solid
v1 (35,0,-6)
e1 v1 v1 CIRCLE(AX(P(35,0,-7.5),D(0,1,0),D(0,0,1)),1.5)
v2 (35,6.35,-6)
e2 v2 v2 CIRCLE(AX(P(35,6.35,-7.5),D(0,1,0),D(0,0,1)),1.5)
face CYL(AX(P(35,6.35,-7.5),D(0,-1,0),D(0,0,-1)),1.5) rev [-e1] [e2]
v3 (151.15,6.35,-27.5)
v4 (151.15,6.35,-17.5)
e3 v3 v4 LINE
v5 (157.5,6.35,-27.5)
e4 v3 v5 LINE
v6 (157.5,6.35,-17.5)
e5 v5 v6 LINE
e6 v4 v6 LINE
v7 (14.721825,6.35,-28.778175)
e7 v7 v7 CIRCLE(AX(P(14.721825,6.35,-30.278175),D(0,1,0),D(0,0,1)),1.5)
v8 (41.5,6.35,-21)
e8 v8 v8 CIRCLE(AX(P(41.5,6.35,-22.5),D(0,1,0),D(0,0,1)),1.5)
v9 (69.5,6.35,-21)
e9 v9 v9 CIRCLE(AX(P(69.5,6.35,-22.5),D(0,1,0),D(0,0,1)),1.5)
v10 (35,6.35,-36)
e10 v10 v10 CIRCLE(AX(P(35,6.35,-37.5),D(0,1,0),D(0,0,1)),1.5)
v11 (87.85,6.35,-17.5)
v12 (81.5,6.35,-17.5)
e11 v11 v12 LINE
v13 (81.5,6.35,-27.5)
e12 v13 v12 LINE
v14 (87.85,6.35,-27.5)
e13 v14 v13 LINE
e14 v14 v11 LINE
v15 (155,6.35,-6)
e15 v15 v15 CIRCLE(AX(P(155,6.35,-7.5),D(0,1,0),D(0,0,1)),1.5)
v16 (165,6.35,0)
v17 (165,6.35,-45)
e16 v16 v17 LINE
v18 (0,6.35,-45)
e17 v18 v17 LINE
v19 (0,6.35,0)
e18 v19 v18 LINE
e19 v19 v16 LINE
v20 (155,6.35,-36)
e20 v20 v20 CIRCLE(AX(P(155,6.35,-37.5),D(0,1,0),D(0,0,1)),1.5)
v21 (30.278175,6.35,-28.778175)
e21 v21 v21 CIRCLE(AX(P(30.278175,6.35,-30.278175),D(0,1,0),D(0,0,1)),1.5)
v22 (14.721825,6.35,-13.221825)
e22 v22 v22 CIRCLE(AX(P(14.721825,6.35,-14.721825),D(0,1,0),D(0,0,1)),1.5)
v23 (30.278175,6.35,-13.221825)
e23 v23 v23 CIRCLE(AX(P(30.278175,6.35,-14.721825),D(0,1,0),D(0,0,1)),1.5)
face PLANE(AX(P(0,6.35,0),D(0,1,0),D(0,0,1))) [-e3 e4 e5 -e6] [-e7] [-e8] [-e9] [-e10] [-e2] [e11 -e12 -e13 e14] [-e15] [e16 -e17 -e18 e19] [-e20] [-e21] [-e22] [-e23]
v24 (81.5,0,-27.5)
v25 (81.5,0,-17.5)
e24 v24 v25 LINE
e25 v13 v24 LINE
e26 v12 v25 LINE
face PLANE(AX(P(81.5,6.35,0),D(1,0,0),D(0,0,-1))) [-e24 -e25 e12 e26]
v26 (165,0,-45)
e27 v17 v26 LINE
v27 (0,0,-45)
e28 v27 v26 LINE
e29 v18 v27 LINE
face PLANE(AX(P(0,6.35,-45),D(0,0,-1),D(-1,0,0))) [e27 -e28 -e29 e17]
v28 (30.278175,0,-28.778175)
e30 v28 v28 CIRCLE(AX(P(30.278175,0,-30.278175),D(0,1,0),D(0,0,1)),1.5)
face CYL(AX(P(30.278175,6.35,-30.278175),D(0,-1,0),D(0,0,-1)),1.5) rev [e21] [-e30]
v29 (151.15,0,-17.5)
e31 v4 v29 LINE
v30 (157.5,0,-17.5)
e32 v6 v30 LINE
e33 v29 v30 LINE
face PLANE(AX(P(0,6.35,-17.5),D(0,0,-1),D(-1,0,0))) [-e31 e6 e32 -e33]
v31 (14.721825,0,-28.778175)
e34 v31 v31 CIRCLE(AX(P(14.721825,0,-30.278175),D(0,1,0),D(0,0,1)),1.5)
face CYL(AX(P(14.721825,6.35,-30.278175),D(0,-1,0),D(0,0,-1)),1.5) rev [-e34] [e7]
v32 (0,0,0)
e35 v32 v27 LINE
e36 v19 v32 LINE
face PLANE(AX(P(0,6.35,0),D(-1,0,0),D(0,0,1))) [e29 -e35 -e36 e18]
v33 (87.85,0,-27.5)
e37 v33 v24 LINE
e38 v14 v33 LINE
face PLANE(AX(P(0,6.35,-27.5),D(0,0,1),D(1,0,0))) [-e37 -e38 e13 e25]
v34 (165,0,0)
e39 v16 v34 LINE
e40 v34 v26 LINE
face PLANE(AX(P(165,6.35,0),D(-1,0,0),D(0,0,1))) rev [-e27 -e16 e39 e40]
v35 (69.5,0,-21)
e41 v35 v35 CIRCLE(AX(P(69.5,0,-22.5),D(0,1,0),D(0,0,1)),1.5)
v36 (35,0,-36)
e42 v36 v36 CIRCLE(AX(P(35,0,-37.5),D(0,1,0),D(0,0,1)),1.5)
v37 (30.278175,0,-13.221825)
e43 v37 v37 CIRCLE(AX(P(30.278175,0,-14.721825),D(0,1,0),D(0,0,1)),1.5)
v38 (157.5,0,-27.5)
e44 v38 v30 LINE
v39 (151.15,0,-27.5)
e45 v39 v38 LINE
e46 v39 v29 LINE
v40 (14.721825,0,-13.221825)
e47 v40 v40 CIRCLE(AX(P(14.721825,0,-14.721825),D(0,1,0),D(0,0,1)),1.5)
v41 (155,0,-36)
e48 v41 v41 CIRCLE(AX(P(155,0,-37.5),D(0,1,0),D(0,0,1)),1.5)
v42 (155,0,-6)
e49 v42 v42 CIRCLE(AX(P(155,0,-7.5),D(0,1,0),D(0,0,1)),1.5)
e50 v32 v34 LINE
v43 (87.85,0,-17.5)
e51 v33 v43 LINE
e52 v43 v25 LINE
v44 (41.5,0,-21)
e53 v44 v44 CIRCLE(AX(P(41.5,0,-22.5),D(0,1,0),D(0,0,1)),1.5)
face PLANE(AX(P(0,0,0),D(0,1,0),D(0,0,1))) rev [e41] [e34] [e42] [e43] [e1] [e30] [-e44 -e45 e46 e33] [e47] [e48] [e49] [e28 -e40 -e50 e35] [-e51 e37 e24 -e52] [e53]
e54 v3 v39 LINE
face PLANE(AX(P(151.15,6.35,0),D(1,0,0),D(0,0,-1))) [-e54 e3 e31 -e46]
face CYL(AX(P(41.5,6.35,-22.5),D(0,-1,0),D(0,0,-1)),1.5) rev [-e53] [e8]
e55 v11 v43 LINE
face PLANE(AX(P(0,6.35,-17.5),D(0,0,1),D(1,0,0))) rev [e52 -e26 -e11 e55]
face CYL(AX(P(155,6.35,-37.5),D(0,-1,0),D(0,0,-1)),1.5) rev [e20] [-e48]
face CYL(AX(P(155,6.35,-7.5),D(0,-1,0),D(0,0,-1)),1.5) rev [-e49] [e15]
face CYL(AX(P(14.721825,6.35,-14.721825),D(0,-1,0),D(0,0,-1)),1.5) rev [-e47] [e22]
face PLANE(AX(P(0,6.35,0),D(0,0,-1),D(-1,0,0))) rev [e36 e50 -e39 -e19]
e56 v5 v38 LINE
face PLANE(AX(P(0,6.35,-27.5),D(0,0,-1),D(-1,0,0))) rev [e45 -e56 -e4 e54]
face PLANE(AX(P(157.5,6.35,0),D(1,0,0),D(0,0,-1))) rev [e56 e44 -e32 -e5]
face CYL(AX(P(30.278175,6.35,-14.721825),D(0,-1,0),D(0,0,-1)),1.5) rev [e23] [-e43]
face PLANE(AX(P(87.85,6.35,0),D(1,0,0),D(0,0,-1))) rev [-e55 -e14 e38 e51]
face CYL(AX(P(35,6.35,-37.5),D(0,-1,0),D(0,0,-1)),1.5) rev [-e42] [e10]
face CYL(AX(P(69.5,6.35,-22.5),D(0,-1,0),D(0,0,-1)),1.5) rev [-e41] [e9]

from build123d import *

# Parameters (mm, degrees)
SKETCH1_W           = 165
SKETCH1_H           = 45
SKETCH1_R           = 1.5
SKETCH1_W_2         = 6.35
SKETCH1_H_2         = 10
BOSS_EXTRUDE1_DEPTH = 6.35


with BuildPart() as part:
    # Sketch1 → Boss-Extrude1 (new body)
    with BuildSketch(Plane(origin=(0, 0, 0), x_dir=(1, 0, 0), z_dir=(0, 1, 0))):
        with Locations((82.5, 22.5)):
            Rectangle(SKETCH1_W, SKETCH1_H)
        with Locations(Location((14.721825407, 30.278174593, 0), (0, 0, 270))):
            Circle(SKETCH1_R, mode=Mode.SUBTRACT)
        with Locations(Location((14.721825407, 14.721825407, 0), (0, 0, 270))):
            Circle(SKETCH1_R, mode=Mode.SUBTRACT)
        with Locations(Location((30.278174593, 30.278174593, 0), (0, 0, 270))):
            Circle(SKETCH1_R, mode=Mode.SUBTRACT)
        with Locations(Location((30.278174593, 14.721825407, 0), (0, 0, 270))):
            Circle(SKETCH1_R, mode=Mode.SUBTRACT)
        with Locations(Location((41.5, 22.5, 0), (0, 0, 270))):
            Circle(SKETCH1_R, mode=Mode.SUBTRACT)
        with Locations(Location((69.5, 22.5, 0), (0, 0, 270))):
            Circle(SKETCH1_R, mode=Mode.SUBTRACT)
        with Locations(Location((155, 7.5, 0), (0, 0, 270))):
            Circle(SKETCH1_R, mode=Mode.SUBTRACT)
        with Locations(Location((155, 37.5, 0), (0, 0, 270))):
            Circle(SKETCH1_R, mode=Mode.SUBTRACT)
        with Locations(Location((35, 37.5, 0), (0, 0, 270))):
            Circle(SKETCH1_R, mode=Mode.SUBTRACT)
        with Locations(Location((35, 7.5, 0), (0, 0, 270))):
            Circle(SKETCH1_R, mode=Mode.SUBTRACT)
        with Locations((84.675, 22.5)):
            Rectangle(SKETCH1_W_2, SKETCH1_H_2, mode=Mode.SUBTRACT)
        with Locations((154.325, 22.5)):
            Rectangle(SKETCH1_W_2, SKETCH1_H_2, mode=Mode.SUBTRACT)
    extrude(amount=BOSS_EXTRUDE1_DEPTH)


solid = part.part
